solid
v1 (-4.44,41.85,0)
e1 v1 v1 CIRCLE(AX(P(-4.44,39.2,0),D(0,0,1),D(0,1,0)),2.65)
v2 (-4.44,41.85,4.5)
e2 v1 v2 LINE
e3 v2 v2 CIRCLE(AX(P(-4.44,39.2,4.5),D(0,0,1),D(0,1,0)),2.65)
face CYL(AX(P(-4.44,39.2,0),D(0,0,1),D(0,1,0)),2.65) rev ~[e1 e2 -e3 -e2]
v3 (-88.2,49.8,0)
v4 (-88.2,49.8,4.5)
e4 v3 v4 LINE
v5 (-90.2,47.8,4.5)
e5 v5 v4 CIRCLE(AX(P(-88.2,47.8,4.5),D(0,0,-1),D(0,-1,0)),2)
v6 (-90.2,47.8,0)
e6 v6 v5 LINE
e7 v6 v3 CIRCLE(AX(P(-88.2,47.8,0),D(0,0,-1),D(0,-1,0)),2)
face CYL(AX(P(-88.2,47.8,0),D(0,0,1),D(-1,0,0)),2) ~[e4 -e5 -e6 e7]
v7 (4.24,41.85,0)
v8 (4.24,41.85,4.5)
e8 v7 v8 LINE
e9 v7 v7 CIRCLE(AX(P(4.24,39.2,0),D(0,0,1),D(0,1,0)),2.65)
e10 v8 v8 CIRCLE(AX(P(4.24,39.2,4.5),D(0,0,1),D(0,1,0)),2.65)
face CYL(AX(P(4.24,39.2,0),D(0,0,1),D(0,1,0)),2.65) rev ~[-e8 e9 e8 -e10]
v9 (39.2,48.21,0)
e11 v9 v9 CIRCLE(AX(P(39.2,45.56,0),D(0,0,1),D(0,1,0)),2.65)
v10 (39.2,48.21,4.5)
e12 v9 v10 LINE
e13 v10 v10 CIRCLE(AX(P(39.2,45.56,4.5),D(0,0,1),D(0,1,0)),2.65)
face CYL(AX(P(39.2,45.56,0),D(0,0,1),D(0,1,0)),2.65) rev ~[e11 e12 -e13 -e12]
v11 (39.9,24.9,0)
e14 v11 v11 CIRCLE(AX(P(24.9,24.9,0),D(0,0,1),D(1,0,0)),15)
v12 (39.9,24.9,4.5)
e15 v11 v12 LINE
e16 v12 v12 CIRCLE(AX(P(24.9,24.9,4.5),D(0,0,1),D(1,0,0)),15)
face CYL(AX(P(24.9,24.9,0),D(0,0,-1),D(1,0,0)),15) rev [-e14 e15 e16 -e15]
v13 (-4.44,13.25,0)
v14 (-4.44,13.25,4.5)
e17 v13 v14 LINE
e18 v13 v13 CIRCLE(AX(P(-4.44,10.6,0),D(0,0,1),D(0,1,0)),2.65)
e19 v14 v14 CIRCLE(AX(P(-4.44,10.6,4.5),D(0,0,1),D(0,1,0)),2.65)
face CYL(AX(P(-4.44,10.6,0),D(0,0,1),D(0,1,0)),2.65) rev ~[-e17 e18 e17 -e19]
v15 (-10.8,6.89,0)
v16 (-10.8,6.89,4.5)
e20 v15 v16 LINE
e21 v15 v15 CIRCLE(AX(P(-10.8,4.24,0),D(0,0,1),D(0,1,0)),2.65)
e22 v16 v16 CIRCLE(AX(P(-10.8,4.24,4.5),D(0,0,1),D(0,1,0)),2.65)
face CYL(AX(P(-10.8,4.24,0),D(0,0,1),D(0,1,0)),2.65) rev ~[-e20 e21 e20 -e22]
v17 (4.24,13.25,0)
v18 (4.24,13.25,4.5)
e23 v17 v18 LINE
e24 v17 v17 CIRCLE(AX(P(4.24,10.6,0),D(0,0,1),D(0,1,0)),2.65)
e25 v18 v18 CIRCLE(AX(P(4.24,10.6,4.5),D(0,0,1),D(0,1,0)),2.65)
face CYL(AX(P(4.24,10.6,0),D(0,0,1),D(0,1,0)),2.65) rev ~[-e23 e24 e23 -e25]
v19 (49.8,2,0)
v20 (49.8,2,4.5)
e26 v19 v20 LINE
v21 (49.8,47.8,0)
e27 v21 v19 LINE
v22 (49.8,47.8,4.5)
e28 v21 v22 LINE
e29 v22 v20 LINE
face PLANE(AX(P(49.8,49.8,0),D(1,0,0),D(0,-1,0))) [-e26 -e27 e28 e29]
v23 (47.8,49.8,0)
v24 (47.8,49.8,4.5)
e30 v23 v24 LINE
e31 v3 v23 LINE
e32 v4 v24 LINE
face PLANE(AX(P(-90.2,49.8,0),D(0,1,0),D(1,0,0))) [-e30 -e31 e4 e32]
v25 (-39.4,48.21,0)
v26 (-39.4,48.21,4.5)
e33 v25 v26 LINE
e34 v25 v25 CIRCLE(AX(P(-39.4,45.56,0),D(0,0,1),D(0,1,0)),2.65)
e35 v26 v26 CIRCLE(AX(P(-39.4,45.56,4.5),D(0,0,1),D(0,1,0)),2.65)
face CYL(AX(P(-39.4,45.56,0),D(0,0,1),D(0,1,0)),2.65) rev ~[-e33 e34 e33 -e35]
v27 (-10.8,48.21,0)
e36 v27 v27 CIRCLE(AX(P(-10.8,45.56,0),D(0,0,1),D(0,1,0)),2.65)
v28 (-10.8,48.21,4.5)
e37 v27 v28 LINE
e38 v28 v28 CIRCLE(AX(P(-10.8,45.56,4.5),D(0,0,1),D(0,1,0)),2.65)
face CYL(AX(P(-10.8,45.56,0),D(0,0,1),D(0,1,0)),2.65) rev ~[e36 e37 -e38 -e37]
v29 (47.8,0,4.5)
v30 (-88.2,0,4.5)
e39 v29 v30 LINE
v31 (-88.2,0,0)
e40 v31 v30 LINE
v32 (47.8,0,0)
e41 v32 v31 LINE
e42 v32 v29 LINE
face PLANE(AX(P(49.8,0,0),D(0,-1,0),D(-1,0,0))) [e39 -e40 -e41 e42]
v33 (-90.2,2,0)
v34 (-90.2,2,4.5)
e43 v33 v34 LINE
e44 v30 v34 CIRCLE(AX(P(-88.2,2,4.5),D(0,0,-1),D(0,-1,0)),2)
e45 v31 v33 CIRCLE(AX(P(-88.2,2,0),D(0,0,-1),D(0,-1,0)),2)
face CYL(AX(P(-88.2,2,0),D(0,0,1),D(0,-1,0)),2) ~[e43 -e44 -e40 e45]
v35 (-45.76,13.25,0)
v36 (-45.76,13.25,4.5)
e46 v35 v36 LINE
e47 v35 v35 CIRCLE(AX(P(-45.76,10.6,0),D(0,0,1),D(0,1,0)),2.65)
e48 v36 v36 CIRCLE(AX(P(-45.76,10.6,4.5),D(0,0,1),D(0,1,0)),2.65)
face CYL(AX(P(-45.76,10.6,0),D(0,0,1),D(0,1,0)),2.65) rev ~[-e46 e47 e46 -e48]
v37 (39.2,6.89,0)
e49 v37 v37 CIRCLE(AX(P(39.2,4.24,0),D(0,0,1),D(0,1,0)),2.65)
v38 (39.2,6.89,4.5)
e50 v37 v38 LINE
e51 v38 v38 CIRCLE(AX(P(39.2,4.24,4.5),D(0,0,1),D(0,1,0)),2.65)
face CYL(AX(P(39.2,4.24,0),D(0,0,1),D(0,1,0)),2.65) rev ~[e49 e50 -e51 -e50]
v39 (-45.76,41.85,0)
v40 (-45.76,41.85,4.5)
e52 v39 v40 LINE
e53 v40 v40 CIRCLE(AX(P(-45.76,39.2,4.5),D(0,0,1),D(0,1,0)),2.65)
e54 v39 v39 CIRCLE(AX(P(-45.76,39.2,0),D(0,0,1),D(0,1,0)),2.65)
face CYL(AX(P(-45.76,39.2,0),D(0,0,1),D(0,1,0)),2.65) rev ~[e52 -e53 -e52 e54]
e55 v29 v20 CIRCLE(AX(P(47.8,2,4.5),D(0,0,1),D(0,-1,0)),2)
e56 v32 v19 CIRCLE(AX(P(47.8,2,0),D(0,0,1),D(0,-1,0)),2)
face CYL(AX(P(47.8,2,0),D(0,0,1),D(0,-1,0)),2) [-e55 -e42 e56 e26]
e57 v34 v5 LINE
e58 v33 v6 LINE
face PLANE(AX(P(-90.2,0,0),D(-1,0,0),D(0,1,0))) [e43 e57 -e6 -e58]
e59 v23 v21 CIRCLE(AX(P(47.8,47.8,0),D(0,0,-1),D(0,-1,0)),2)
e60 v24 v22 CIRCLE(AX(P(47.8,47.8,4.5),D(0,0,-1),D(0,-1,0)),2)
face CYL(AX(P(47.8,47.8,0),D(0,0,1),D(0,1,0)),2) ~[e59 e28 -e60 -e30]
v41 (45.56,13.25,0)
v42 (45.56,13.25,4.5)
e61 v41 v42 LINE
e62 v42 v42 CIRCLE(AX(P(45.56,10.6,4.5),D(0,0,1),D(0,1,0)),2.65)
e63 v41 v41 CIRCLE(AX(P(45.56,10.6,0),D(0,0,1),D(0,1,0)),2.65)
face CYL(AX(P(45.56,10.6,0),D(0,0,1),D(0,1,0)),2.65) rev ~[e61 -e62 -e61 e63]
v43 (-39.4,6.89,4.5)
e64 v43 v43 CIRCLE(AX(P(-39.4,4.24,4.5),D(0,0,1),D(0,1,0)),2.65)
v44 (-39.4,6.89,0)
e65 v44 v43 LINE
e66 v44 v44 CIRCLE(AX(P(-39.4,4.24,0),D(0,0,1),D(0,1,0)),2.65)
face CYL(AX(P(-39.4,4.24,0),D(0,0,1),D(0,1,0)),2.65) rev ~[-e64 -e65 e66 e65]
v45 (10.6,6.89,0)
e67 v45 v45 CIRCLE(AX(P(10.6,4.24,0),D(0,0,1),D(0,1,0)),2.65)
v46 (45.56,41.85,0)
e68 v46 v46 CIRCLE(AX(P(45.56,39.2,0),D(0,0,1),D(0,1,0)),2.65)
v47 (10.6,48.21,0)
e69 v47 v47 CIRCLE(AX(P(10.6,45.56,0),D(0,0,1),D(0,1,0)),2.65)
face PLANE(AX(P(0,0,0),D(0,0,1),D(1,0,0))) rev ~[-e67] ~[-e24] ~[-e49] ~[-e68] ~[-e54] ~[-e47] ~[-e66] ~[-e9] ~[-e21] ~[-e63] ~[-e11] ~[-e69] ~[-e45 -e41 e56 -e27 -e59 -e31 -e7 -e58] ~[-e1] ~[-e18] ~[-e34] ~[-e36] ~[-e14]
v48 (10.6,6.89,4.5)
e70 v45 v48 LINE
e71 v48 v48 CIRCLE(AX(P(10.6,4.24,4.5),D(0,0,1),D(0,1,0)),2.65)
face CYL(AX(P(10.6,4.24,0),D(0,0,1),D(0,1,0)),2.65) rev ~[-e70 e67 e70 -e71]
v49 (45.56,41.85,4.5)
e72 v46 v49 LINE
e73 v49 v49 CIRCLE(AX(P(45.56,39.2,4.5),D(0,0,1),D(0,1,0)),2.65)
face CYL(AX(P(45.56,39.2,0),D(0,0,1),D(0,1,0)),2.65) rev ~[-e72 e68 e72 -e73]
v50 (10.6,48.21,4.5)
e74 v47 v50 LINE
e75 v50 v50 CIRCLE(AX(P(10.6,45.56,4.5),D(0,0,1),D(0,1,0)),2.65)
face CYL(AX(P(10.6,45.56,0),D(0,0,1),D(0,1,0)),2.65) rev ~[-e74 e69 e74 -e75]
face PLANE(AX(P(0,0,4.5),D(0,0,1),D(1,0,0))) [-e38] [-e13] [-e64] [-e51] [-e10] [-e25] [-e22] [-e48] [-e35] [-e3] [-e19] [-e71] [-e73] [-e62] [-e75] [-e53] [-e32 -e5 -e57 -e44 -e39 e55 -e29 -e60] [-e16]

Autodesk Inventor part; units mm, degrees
ref_plane "YZ Plane" through (0, 0, 0) normal (1, 0, 0) x (0, 1, 0)
ref_plane "XZ Plane" through (0, 0, 0) normal (0, 1, 0) x (-1, 0, 0)
ref_plane "XY Plane" through (0, 0, 0) normal (0, 0, 1) x (1, 0, 0)
sketch "Sketch1" plane through (0, 0, 0) normal (0, 0, 1) x (1, 0, 0)
  circle A0 centre (44.9, 4.9) radius 1.45 construction
  circle A1 centre (4.9, 4.9) radius 1.45 construction
  line L0 (2, 2) -> (2, 41.8) construction
  line L1 (47.8, 2) -> (2, 2) construction
  line L2 (47.8, 41.8) -> (47.8, 2) construction
  line L3 (41.8, 41.8) -> (47.8, 41.8) construction
  line L4 (41.8, 8) -> (41.8, 41.8) construction
  line L5 (8, 8) -> (41.8, 8) construction
  line L6 (8, 8) -> (8, 41.8) construction
  line L7 (2, 41.8) -> (8, 41.8) construction
  circle A2 centre (44.9, 44.9) radius 1.4 construction
  circle A3 centre (4.9, 44.9) radius 1.4 construction
  line L8 (2, 47.8) -> (47.8, 47.8) construction
  line L9 (2, 41.8) -> (2, 47.8) construction
  line L10 (47.8, 41.8) -> (2, 41.8) construction
  line L11 (47.8, 41.8) -> (47.8, 47.8) construction
  circle A4 centre (25.6838, 25.4066) radius 13.6 construction
  line L12 (44.1319, 49.8) -> (5.6681, 49.8) construction
  arc A5 (49.8, 47.8) -> (47.8, 49.8) centre (47.8, 47.8) ccw construction
  line L13 (49.8, 41.8) -> (49.8, 47.8) construction
  arc A6 (2, 49.8) -> (0, 47.8) centre (2, 47.8) ccw construction
  arc A7 (0, 2) -> (2, 0) centre (2, 2) ccw construction
  arc A8 (47.8, 0) -> (49.8, 2) centre (47.8, 2) ccw construction
  line L14 (49.8, 0) -> (-90.2, 0)
  line L15 (-90.2, 0) -> (-90.2, 49.8)
  line L16 (-90.2, 49.8) -> (49.8, 49.8)
  line L17 (49.8, 49.8) -> (49.8, 0)
  line L18 (8, 3.7577) -> (41.8, 3.7577) construction
  line L19 (41.8, 0) -> (41.8, 3.7577) construction
  line L20 (8, 0) -> (41.8, 0) construction
  line L21 (8, 0) -> (8, 3.7577) construction
  line L22 (46.1838, 8) -> (46.1838, 41.8) construction
  line L23 (49.8, 41.8) -> (46.1838, 41.8) construction
  line L24 (49.8, 8) -> (49.8, 41.8) construction
  line L25 (46.1838, 8) -> (49.8, 8) construction
  line L26 (3.6162, 41.8) -> (3.6162, 8) construction
  line L27 (0, 8) -> (3.6162, 8) construction
  line L28 (0, 8) -> (0, 41.8) construction
  line L29 (3.6162, 41.8) -> (0, 41.8) construction
  circle A9 centre (24.9, 24.9) radius 15
  arc A10 (42.3945, 24.4616) -> (22.4616, 42.2293) centre (24.9, 24.9) ccw construction
  arc A11 (22.5619, 16.1033) -> (42.3945, 24.4616) centre (29.0002, 28.5351) ccw construction
  line L30 (22.5619, 16.1033) -> (22.3031, 15.1374) construction
  arc A12 (22.3031, 15.1374) -> (41.5232, 19.4302) centre (29.3361, 28.8218) ccw construction
  arc A13 (15.3425, 10.2404) -> (41.5232, 19.4302) centre (24.9, 24.9) ccw construction
  arc A14 (18.2047, 31.6263) -> (15.3425, 10.2404) centre (25.6173, 19.7498) ccw construction
  line L31 (18.2047, 31.6263) -> (17.4976, 32.3335) construction
  arc A15 (17.4976, 32.3335) -> (11.1478, 14.0775) centre (25.6302, 19.2725) ccw construction
  arc A16 (16.2809, 40.1303) -> (11.1478, 14.0775) centre (24.9, 24.9) ccw construction
  arc A17 (34.0602, 27.4798) -> (16.2809, 40.1303) centre (20.0844, 26.6568) ccw construction
  line L32 (34.0602, 27.4798) -> (35.0261, 27.7386) construction
  arc A18 (35.0261, 27.7386) -> (22.4616, 42.2293) centre (19.6533, 27.1018) ccw construction
  line L33 (3.6577, 41.7) -> (8.1, 46.1423) construction
  line L34 (0, 41.7) -> (3.6577, 41.7) construction
  line L35 (0, 8.1) -> (0, 41.7) construction
  line L36 (3.6577, 8.1) -> (0, 8.1) construction
  line L37 (8.1, 3.6577) -> (3.6577, 8.1) construction
  line L38 (8.1, 0) -> (8.1, 3.6577) construction
  line L39 (41.7, 0) -> (8.1, 0) construction
  line L40 (41.7, 3.6577) -> (41.7, 0) construction
  line L41 (46.1423, 8.1) -> (41.7, 3.6577) construction
  line L42 (49.8, 8.1) -> (46.1423, 8.1) construction
  line L43 (49.8, 41.7) -> (49.8, 8.1) construction
  line L44 (46.1423, 41.7) -> (49.8, 41.7) construction
  line L45 (41.7, 46.1423) -> (46.1423, 41.7) construction
  line L46 (41.7, 49.8) -> (41.7, 46.1423) construction
  line L47 (8.1, 49.8) -> (41.7, 49.8) construction
  line L48 (8.1, 46.1423) -> (8.1, 49.8) construction
  circle A19 centre (24.9, 24.9) radius 16.9 construction
  point P0 (0, 0)
  dimension "d0" = 30
  dimension "d4" = 140
extrude "Extrusion1" add sketch "Sketch1" along normal blind 4.5
fillet "Fillet1" radius 2 4 edges at (49.8, 49.8, 2.25) (-90.2, 49.8, 2.25) (49.8, 0, 2.25) (-90.2, 0, 2.25)
sketch "Sketch2" plane through (0, 0, 0) normal (0, 0, -1) x (-1, 0, 0)
  line L0 (-41.8, 8) -> (-41.8, 41.8) construction
  line L1 (-8, 8) -> (-41.8, 8) construction
  line L2 (-8, 8) -> (-8, 41.8) construction
  line L3 (-47.8, 41.8) -> (-2, 41.8) construction
  circle A0 centre (-24.9, 24.9) radius 15 construction
  arc A1 (88.2, 0) -> (90.2, 2) centre (88.2, 2) ccw construction
  line L4 (90.2, 2) -> (90.2, 47.8) construction
  arc A2 (90.2, 47.8) -> (88.2, 49.8) centre (88.2, 47.8) ccw construction
  line L5 (88.2, 49.8) -> (-47.8, 49.8) construction
  arc A3 (-47.8, 49.8) -> (-49.8, 47.8) centre (-47.8, 47.8) ccw construction
  line L6 (-49.8, 47.8) -> (-49.8, 2) construction
  arc A4 (-49.8, 2) -> (-47.8, 0) centre (-47.8, 2) ccw construction
  line L7 (-47.8, 0) -> (88.2, 0) construction
  line L8 (-41.5, 41.5) -> (-8.3, 41.5)
  line L9 (-8.3, 41.5) -> (-8.3, 8.3)
  line L10 (-8.3, 8.3) -> (-41.5, 8.3)
  line L11 (-41.5, 8.3) -> (-41.5, 41.5)
  line L12 (-9.3, 40.5) -> (-40.5, 40.5)
  line L13 (-40.5, 40.5) -> (-40.5, 9.3)
  line L14 (-40.5, 9.3) -> (-9.3, 9.3)
  line L15 (-9.3, 9.3) -> (-9.3, 40.5)
  point P0 (0, 0)
  dimension "d6" = 0.3
  dimension "d7" = 0.3
  dimension "d8" = 0.3
  dimension "d9" = 0.3
  dimension "d10" = 1
extrude "Extrusion2" [suppressed]
sketch "Sketch4" plane through (0, 0, 0) normal (0, 0, -1) x (-1, 0, 0)
  circle A0 centre (-39.2, 45.56) radius 2.475 construction
  circle A1 centre (-10.6, 45.56) radius 2.475 construction
  circle A2 centre (-45.56, 39.2) radius 2.475 construction
  circle A3 centre (-45.56, 10.6) radius 2.475 construction
  circle A4 centre (-39.2, 4.24) radius 2.475 construction
  circle A5 centre (-4.24, 10.6) radius 2.475 construction
  circle A6 centre (-10.6, 4.24) radius 2.475 construction
  circle A7 centre (-4.24, 39.2) radius 2.475 construction
  circle A8 centre (4.44, 10.6) radius 2.475 construction
  circle A9 centre (10.8, 4.24) radius 2.475 construction
  circle A10 centre (39.4, 4.24) radius 2.475 construction
  circle A11 centre (4.44, 39.2) radius 2.475 construction
  circle A12 centre (10.8, 45.56) radius 2.475 construction
  circle A13 centre (39.4, 45.56) radius 2.475 construction
  circle A14 centre (45.76, 10.6) radius 2.475 construction
  circle A15 centre (45.76, 39.2) radius 2.475 construction
  point P0 (0, 0)
hole "Hole1" at (39.2, 45.56, 0) at (45.56, 39.2, 0) at (45.56, 10.6, 0) at (39.2, 4.24, 0) at (10.6, 45.56, 0) at (4.24, 39.2, 0) at (10.6, 4.24, 0) at (4.24, 10.6, 0) at (-4.44, 39.2, 0) at (-4.44, 10.6, 0) at (-10.8, 45.56, 0) at (-10.8, 4.24, 0) at (-39.4, 45.56, 0) at (-39.4, 4.24, 0) at (-45.76, 10.6, 0) at (-45.76, 39.2, 0) direction (0, 0, 1) diameter 5.3 end through all
equation "\"d7\" = d6"
equation "\"d8\" = d6"
equation "\"d9\" = d6"
properties part number "30_Smartphone_Holder_v3"
